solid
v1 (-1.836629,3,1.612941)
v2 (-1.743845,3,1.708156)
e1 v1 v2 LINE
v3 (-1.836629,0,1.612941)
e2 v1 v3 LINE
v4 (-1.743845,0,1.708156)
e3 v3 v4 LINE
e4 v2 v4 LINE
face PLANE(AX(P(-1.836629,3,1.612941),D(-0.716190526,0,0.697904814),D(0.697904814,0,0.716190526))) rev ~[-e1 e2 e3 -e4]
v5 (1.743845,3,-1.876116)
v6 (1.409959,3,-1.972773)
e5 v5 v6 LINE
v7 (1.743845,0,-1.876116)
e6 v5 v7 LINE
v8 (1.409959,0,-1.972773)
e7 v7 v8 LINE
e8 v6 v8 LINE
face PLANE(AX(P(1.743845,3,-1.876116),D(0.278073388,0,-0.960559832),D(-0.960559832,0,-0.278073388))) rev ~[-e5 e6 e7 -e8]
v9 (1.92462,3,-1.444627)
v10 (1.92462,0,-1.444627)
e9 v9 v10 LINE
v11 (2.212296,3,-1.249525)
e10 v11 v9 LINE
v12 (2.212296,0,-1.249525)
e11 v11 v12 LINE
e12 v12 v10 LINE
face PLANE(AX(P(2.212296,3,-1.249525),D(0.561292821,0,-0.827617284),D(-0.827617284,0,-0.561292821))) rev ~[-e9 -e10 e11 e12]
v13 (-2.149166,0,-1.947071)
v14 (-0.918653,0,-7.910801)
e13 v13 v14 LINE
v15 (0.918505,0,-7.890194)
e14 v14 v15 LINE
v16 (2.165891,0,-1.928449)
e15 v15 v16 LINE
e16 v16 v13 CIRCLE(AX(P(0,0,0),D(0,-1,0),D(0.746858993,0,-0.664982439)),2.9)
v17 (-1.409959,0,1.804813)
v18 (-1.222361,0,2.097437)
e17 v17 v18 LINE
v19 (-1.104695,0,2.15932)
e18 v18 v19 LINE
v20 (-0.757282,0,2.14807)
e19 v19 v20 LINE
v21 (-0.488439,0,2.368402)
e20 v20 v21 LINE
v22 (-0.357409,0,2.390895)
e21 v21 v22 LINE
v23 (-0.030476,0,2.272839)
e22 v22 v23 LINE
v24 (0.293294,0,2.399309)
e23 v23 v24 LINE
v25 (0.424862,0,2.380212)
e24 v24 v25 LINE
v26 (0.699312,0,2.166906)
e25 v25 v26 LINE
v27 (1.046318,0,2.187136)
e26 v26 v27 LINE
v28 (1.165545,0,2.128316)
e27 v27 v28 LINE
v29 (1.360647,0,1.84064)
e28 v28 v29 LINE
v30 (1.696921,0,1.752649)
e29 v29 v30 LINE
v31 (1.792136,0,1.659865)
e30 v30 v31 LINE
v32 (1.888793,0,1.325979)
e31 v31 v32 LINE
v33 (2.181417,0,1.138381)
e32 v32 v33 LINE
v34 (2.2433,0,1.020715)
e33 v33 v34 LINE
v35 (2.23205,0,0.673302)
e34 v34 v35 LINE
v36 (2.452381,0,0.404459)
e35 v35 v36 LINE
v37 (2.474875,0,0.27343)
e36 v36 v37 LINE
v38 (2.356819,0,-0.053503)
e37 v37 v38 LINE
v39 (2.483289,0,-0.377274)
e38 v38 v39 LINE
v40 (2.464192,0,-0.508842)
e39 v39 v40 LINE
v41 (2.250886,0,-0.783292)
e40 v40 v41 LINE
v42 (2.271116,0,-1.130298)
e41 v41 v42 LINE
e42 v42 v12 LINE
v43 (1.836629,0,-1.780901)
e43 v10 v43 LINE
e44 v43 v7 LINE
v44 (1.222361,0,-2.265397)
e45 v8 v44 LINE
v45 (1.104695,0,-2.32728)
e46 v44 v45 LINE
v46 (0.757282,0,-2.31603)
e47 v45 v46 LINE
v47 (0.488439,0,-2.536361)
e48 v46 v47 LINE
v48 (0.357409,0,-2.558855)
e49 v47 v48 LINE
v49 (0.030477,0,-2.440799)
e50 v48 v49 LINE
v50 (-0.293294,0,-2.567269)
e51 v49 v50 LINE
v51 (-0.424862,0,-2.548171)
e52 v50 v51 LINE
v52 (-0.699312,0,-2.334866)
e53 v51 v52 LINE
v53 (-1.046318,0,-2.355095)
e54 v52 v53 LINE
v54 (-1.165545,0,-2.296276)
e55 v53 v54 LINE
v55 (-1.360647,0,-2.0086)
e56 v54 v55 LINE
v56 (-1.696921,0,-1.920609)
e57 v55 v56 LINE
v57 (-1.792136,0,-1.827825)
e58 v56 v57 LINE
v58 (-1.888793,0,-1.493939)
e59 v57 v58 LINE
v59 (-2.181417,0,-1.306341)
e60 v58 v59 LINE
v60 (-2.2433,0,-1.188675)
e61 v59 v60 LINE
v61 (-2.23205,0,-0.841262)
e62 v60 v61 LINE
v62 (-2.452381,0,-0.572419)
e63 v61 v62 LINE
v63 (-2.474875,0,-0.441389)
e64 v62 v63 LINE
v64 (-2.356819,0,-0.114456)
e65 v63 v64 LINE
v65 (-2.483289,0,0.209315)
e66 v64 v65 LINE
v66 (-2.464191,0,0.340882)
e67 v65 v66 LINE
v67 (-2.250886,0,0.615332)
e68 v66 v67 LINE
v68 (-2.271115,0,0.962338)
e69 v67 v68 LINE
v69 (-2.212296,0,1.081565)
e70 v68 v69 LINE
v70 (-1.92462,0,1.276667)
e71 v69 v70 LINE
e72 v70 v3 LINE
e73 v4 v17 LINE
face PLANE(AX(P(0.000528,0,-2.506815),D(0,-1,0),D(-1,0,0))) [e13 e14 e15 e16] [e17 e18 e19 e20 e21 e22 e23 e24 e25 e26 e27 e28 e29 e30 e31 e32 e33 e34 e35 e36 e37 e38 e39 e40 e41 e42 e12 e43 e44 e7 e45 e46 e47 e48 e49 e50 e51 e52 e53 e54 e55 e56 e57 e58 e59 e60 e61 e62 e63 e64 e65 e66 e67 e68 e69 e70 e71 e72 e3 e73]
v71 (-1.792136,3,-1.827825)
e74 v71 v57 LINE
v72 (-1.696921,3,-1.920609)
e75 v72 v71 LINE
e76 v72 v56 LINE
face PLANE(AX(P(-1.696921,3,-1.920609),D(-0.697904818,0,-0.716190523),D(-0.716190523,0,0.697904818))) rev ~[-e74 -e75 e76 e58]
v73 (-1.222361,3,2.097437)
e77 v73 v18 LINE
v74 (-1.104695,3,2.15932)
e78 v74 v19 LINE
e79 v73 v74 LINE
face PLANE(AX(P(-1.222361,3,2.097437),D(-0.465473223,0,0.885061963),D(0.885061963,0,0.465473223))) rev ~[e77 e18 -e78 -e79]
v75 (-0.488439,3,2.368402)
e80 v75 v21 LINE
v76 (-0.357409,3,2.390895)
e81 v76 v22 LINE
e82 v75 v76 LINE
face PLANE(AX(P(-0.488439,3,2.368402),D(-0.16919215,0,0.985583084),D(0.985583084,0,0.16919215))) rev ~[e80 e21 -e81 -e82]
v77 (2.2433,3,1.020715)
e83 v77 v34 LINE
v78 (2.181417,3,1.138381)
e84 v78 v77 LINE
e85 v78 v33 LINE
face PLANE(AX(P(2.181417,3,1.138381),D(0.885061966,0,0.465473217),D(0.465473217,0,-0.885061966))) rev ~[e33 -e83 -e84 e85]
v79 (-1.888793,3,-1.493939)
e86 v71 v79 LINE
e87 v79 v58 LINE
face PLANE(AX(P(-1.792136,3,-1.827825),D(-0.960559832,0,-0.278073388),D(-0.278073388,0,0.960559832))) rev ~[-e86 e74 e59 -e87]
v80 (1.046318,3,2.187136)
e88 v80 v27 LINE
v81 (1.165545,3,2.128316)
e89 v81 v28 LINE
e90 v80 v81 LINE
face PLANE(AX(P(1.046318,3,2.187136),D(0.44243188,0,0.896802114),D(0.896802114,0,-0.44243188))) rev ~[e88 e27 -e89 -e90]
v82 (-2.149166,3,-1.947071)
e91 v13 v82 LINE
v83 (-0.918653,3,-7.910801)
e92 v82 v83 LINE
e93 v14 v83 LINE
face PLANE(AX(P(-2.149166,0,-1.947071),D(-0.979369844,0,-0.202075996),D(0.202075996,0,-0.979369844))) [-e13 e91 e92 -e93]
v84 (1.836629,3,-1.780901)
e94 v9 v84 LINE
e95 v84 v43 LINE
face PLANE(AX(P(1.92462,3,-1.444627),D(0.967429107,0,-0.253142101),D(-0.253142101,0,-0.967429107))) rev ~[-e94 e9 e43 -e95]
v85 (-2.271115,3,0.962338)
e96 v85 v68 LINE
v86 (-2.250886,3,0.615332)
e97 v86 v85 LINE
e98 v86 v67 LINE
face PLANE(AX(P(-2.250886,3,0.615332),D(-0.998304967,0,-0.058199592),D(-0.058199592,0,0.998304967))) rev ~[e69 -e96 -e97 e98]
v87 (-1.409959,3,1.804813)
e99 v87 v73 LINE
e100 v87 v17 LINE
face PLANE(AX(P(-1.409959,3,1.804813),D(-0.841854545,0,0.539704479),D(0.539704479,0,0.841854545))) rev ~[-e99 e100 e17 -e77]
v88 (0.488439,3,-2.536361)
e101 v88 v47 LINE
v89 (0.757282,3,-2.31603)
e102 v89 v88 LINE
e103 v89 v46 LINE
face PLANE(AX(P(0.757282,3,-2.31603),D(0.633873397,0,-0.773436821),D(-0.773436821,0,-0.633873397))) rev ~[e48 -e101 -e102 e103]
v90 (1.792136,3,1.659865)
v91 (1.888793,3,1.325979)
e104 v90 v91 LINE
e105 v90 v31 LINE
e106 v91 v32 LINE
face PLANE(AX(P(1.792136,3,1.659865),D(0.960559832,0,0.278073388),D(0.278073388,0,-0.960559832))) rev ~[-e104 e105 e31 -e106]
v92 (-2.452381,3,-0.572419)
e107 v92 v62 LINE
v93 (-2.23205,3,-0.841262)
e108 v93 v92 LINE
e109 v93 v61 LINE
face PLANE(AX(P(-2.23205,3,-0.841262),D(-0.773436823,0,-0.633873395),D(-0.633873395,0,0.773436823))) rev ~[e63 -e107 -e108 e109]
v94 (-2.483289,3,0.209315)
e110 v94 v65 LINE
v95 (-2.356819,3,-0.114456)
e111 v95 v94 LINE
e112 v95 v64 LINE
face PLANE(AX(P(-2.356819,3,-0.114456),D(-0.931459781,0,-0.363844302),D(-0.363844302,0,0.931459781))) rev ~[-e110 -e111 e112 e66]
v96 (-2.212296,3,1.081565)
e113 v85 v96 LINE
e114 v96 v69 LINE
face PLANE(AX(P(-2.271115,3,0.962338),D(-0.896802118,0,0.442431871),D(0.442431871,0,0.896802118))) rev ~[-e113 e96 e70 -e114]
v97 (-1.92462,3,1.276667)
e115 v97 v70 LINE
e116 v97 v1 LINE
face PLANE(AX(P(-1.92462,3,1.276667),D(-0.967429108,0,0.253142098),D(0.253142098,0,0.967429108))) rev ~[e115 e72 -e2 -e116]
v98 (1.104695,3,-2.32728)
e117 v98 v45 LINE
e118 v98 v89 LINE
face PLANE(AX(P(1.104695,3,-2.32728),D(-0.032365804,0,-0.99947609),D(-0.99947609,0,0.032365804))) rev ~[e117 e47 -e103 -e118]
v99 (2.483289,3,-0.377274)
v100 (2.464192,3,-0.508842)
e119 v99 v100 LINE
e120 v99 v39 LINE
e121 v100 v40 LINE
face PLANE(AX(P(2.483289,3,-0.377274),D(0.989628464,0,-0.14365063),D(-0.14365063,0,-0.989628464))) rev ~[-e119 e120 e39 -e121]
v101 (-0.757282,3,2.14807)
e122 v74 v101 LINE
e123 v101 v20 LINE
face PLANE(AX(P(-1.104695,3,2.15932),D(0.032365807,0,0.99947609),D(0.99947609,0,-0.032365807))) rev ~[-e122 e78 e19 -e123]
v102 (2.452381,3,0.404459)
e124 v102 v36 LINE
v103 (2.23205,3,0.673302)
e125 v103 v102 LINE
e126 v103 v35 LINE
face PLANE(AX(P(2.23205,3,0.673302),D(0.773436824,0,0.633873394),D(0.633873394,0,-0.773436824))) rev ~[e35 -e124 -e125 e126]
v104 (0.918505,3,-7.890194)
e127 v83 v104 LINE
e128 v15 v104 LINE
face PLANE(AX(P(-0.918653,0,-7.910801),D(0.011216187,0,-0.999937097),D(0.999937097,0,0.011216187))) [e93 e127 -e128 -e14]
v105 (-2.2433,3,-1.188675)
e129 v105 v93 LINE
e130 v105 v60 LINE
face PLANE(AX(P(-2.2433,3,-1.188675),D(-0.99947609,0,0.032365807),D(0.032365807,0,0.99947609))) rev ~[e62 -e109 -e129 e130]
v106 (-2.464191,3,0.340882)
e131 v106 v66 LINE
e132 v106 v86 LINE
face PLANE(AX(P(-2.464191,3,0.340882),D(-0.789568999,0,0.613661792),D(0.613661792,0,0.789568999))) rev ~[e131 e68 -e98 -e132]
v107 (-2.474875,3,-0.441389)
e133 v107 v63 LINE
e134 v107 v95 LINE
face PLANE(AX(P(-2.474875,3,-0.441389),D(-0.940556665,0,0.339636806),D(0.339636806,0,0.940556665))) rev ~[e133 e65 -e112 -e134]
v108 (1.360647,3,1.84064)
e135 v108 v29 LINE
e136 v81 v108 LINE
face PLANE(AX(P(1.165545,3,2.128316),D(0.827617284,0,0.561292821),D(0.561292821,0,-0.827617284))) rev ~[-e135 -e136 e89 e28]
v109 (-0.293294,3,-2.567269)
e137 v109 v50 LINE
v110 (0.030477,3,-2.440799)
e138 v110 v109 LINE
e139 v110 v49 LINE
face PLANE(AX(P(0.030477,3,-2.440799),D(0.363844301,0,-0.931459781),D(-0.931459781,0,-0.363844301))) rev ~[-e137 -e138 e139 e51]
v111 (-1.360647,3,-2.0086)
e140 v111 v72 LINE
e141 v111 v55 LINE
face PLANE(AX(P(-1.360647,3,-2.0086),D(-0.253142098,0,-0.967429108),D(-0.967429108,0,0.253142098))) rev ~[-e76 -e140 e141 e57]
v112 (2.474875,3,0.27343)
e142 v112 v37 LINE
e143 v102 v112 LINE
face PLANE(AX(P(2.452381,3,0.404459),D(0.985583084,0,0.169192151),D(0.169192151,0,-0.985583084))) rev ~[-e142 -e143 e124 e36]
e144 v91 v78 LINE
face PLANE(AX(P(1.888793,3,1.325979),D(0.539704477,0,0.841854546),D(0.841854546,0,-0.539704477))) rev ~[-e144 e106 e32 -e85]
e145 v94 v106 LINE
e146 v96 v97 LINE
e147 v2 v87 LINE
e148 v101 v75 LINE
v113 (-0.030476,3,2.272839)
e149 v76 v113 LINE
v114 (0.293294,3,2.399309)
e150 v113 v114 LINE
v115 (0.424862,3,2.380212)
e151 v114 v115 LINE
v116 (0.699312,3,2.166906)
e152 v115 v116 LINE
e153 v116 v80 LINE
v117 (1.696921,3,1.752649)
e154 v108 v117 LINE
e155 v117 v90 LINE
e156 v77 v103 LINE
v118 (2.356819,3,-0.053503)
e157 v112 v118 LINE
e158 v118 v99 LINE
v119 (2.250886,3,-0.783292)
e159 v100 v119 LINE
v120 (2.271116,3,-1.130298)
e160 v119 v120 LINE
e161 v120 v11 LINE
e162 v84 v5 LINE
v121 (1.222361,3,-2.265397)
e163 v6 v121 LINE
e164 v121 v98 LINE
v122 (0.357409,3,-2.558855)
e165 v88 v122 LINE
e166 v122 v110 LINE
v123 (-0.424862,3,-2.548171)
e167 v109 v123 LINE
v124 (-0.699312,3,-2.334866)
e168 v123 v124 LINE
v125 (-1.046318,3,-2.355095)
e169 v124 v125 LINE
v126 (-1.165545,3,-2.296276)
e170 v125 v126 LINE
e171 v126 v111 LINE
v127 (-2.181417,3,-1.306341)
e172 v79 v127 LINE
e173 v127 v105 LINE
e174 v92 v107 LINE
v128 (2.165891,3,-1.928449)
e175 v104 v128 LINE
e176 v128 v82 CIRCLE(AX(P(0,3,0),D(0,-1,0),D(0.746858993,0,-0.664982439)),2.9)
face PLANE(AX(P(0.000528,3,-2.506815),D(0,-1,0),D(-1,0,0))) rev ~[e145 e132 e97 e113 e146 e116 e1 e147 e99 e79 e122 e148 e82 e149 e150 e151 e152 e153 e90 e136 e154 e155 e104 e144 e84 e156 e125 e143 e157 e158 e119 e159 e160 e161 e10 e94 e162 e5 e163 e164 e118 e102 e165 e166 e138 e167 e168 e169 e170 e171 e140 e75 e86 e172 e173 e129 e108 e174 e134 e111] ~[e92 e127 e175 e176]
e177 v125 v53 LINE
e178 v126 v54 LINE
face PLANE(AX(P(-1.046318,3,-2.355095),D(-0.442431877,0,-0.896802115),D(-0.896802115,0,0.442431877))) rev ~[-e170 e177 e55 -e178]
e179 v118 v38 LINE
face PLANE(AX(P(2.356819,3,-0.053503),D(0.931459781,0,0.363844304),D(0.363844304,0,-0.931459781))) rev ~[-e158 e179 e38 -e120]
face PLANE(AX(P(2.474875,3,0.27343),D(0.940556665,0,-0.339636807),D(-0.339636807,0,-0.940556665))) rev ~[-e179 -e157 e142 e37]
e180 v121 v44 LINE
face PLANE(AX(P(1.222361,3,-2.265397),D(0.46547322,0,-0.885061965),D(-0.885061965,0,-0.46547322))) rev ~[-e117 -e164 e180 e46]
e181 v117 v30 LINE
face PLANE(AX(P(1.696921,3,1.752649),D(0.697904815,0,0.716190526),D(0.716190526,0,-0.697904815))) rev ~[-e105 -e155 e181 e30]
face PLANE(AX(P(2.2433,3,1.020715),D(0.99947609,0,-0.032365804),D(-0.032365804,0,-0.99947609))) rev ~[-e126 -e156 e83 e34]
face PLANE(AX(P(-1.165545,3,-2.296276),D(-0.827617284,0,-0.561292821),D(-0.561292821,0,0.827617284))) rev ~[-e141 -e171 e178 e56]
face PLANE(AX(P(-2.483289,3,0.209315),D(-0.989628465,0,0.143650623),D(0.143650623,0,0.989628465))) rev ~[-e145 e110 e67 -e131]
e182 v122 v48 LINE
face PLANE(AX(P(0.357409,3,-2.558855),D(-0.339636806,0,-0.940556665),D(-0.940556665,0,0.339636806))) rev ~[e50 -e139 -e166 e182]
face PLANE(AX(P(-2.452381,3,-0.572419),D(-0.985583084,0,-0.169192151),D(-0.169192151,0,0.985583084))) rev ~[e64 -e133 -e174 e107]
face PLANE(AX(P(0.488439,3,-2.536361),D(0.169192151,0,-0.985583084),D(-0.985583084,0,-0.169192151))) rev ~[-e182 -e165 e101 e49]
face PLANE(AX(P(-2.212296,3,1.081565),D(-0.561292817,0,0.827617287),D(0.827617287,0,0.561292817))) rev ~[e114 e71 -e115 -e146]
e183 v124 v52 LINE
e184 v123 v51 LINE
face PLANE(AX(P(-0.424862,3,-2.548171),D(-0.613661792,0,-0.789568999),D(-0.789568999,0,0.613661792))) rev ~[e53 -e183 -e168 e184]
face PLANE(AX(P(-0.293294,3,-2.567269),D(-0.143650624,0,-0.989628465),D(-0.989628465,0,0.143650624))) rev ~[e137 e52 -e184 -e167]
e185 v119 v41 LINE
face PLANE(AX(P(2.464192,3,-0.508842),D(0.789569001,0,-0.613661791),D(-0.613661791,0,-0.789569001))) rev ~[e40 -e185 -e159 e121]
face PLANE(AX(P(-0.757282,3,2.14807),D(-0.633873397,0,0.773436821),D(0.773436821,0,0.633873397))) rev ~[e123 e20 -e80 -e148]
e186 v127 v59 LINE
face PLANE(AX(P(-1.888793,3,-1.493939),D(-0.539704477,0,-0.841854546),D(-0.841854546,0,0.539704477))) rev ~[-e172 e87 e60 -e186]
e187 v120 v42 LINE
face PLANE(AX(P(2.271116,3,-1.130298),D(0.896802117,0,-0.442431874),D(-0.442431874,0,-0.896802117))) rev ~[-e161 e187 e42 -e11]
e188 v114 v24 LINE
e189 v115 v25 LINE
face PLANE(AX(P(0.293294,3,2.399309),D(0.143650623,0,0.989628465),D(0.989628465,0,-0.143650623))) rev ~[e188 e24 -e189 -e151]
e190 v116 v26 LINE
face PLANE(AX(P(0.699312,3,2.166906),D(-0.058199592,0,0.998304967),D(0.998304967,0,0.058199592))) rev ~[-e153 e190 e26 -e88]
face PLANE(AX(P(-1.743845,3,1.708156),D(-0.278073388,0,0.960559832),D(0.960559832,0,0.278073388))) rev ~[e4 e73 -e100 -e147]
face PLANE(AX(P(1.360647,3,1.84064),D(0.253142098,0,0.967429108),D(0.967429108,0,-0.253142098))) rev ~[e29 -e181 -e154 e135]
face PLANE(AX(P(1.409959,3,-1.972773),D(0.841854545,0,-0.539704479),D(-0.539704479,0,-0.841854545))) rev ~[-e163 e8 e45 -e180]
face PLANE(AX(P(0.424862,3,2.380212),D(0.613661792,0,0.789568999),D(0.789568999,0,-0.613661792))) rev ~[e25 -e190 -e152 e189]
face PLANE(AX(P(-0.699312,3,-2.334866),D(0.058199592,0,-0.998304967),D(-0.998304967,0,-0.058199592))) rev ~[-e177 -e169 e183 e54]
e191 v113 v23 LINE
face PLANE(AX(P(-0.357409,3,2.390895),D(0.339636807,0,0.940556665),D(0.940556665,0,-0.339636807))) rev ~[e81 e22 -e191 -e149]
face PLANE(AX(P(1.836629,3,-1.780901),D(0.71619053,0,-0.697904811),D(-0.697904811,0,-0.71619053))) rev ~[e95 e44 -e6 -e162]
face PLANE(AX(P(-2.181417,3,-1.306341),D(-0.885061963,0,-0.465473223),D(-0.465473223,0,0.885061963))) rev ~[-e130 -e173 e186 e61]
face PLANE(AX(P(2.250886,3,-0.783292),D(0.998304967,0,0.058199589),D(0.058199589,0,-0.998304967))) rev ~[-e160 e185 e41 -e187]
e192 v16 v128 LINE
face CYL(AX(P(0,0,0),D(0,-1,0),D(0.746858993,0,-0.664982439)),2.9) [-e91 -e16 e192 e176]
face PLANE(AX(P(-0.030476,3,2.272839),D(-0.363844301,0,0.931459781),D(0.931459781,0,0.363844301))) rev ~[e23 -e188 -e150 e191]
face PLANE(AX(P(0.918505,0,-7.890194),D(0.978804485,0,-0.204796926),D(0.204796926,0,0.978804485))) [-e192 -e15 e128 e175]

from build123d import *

# Parameters (mm, degrees)
Y_KSEKLIK_EKSTR_ZYON1_DEPTH = 3
KES_EKSTR_ZYON1_DEPTH       = 3


with BuildPart() as part:
    # Çizim2 → Yükseklik-Ekstrüzyon1 (new body)
    with BuildSketch(Plane(origin=(0, 0, 0), x_dir=(1, 0, 0), z_dir=(0, 1, 0))):
        with BuildLine():
            Line((-2.149165658, 1.947071384), (-0.918653313, 7.910801403))
            Line((-0.918653313, 7.910801403), (0.918505018, 7.890194196))
            Line((0.918505018, 7.890194196), (2.165891081, 1.928449073))
            ThreePointArc((2.165891081, 1.928449073), (-0.012515293, -2.899972994), (-2.149165658, 1.947071384))
        make_face()
    extrude(amount=Y_KSEKLIK_EKSTR_ZYON1_DEPTH)

    # Çizim3 → Kes-Ekstrüzyon1 (cut)
    with BuildSketch(Plane(origin=(0, 3, -0.083225357), x_dir=(1, 0, 0), z_dir=(0, 1, 0))):
        Polygon((-1.696920921, 1.837383666), (-1.792135812, 1.744599792), (-1.88879277, 1.410713864), (-2.181417312, 1.223115215), (-2.243300262, 1.105449488), (-2.232050065, 0.758036458), (-2.452381372, 0.489193583), (-2.474874845, 0.358163944), (-2.356818742, 0.031231019), (-2.48328925, -0.292539866), (-2.464191429, -0.424107324), (-2.250885573, -0.69855767), (-2.271115468, -1.045563617), (-2.212295781, -1.164790154), (-1.924620035, -1.359892809), (-1.836629074, -1.696166458), (-1.743845201, -1.791381349), (-1.409959273, -1.888038307), (-1.222360623, -2.180662849), (-1.104694896, -2.242545799), (-0.757281866, -2.231295602), (-0.488438992, -2.451626909), (-0.357409352, -2.474120382), (-0.030476428, -2.356064279), (0.293294458, -2.482534787), (0.424861916, -2.463436966), (0.699312262, -2.25013111), (1.046318209, -2.270361005), (1.165544745, -2.211541317), (1.360647401, -1.923865572), (1.696921049, -1.835874611), (1.792135941, -1.743090737), (1.888792899, -1.409204809), (2.181417441, -1.22160616), (2.24330039, -1.103940433), (2.232050194, -0.756527403), (2.4523815, -0.487684528), (2.474874973, -0.356654889), (2.35681887, -0.029721965), (2.483289379, 0.294048921), (2.464191557, 0.425616379), (2.250885702, 0.700066725), (2.271115596, 1.047072672), (2.212295909, 1.166299208), (1.924620164, 1.361401864), (1.836629202, 1.697675512), (1.743845329, 1.792890404), (1.409959401, 1.889547362), (1.222360751, 2.182171904), (1.104695025, 2.244054853), (0.757281994, 2.232804657), (0.48843912, 2.453135964), (0.357409481, 2.475629437), (0.030476556, 2.357573334), (-0.29329433, 2.484043842), (-0.424861787, 2.464946021), (-0.699312133, 2.251640165), (-1.04631808, 2.27187006), (-1.165544617, 2.213050372), (-1.360647273, 1.925374627), align=None)
    extrude(amount=-KES_EKSTR_ZYON1_DEPTH, mode=Mode.SUBTRACT)


solid = part.part
